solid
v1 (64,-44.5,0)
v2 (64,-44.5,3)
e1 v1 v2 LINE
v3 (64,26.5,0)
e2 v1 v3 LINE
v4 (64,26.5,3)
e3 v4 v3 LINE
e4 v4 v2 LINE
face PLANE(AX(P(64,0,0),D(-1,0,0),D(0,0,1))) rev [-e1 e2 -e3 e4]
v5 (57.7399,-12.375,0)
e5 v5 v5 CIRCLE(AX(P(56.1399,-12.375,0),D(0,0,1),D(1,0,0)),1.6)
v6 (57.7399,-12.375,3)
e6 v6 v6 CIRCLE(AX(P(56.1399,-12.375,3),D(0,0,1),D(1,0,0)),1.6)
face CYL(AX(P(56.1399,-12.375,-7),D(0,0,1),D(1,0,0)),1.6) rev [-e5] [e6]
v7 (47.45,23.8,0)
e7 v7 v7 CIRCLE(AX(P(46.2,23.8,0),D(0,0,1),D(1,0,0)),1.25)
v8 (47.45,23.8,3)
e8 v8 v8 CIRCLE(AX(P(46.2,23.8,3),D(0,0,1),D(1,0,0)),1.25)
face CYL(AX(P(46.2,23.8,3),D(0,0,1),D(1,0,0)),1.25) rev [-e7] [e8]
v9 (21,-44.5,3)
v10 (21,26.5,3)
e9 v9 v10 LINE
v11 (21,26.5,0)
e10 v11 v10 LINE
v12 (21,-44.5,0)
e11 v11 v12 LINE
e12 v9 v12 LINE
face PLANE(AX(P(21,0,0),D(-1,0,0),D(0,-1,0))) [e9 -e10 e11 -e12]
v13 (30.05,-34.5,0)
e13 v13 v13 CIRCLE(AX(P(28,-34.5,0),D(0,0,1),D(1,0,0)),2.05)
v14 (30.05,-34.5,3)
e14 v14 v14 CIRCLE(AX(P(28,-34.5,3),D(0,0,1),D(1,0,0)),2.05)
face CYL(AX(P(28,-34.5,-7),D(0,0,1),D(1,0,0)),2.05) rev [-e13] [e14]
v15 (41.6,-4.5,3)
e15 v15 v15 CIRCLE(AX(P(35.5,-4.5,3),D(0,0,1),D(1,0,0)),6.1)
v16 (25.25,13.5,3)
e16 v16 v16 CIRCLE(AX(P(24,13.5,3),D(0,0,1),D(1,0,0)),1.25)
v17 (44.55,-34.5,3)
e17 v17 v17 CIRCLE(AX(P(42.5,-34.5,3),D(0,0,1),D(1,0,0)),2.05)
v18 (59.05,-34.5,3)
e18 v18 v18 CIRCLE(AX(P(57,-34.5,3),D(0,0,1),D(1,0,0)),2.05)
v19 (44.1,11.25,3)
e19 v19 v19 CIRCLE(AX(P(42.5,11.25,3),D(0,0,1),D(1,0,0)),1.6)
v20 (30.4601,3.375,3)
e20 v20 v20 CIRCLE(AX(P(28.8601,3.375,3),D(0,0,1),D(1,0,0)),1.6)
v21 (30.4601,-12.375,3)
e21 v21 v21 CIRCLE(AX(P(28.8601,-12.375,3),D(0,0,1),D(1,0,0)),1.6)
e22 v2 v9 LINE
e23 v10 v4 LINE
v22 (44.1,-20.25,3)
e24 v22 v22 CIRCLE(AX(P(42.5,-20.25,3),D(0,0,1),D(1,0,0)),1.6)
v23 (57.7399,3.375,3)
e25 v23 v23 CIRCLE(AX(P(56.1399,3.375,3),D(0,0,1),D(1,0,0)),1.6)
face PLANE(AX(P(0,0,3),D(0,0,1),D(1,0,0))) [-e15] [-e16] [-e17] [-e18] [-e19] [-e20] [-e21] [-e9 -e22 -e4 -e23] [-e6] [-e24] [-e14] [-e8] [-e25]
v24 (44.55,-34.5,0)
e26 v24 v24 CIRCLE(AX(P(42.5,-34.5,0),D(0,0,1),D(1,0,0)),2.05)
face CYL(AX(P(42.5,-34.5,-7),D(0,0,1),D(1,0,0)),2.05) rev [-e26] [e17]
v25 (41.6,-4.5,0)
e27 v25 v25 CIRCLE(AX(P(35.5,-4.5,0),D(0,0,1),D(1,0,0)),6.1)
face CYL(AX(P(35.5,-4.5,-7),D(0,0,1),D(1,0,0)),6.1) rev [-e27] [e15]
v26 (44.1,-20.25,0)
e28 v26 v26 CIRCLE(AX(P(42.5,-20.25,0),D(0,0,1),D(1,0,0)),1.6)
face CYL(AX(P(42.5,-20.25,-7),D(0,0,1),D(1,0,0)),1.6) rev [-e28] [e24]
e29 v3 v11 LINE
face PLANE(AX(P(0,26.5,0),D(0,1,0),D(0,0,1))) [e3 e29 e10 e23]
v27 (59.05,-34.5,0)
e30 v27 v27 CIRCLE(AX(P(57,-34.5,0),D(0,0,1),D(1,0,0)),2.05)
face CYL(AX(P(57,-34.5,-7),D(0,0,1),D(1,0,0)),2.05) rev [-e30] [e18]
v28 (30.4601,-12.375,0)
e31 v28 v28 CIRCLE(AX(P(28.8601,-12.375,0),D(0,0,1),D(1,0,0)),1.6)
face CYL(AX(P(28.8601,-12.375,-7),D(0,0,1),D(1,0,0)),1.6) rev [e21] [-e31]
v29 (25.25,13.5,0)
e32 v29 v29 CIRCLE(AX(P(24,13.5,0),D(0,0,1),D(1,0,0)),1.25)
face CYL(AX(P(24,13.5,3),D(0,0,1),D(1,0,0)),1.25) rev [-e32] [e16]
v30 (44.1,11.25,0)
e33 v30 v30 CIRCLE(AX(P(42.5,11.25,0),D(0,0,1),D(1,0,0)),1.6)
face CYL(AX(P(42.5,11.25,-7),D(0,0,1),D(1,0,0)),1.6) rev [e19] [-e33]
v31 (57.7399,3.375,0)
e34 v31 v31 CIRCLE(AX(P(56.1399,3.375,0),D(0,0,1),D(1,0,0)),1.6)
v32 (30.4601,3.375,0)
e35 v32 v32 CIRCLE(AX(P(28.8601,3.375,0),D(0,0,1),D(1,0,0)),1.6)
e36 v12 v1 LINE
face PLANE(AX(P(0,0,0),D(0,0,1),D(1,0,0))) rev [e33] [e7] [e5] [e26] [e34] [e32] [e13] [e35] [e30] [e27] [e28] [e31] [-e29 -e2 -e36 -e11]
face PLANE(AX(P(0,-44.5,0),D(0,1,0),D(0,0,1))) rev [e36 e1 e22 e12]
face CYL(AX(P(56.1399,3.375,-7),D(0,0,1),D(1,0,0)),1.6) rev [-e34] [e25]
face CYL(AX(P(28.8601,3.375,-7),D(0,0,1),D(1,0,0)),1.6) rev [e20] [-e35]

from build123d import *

# Parameters (mm, degrees)
SKETCH_1_W               = 40
SKETCH_1_H               = 29
EXTRUDE_1_DEPTH          = 3
CUT_EXTRUDE_1_DEPTH      = 3
SKETCH_3_W               = 40
SKETCH_3_H               = 3
EXTRUDE_2_DEPTH          = 10
SKETCH_4_W               = 40
SKETCH_4_H               = 3
EXTRUDE_3_DEPTH          = 10
SKETCH_6_W               = 3
SKETCH_6_H               = 49
EXTRUDE_5_DEPTH          = 42
SKETCH_8_W               = 3
SKETCH_8_H               = 49
EXTRUDE_6_DEPTH          = 2
SKETCH_9_W               = 3
SKETCH_9_H               = 49
EXTRUDE_7_DEPTH          = 2
SKETCH_10_W              = 86
SKETCH_10_H              = 3
EXTRUDE_8_DEPTH          = 10
SKETCH_11_W              = 86
SKETCH_11_H              = 3
EXTRUDE_9_DEPTH          = 10
SKETCH_14_W              = 3
SKETCH_14_H              = 69
CUT_EXTRUDE_5_DEPTH      = 43
SKETCH_17_W              = 43
SKETCH_17_H              = 3
EXTRUDE_10_DEPTH         = 20
SKETCH_18_R              = 2.05
CUT_EXTRUDE_6_DEPTH      = 10
SKETCH_20_W              = 43
SKETCH_20_H              = 3
EXTRUDE_11_DEPTH         = 10
SKETCH_21_W              = 43
SKETCH_21_H              = 3
CUT_EXTRUDE_7_DEPTH      = 10
SKETCH_24_W              = 43
SKETCH_24_H              = 3
EXTRUDE_12_DEPTH         = 10
SKETCH_28_R              = 1.6
SKETCH_28_R_2            = 6.1
CUT_EXTRUDE_9_DEPTH      = 10
SKETCH_29_W              = 43
SKETCH_29_H              = 3
CUT_EXTRUDE_10_DEPTH     = 20
SKETCH_30_R              = 2.05
CUT_EXTRUDE_11_DEPTH     = 10
M3X0_5_1_D               = 2.5
M3X0_5_1_DEPTH           = 8.5
M3X0_5_1_TIP             = 0.751075774
M3X0_5_1_ON_FACE_2_D     = 2.5
M3X0_5_1_ON_FACE_2_DEPTH = 8.5
M3X0_5_1_ON_FACE_2_TIP   = 0.751075774
SKETCH_32_W              = 43
SKETCH_32_H              = 3
CUT_EXTRUDE_12_DEPTH     = 8


with BuildPart() as part:
    # ｽｹｯﾁ1 → ﾎﾞｽ - 押し出し1 (new body)
    with BuildSketch(Plane.XY):
        Rectangle(SKETCH_1_W, SKETCH_1_H)
    extrude(amount=EXTRUDE_1_DEPTH)

    # ｽｹｯﾁ2 → ｶｯﾄ - 押し出し1 (cut)
    with BuildSketch(Plane.XY.offset(3)):
        with BuildLine():
            ThreePointArc((-14.4, 10.5), (-15.01507576, 11.98492424), (-16.5, 12.6))
            Line((-16.5, 12.6), (-16.5, 10.5))
            Line((-16.5, 10.5), (-18.6, 10.5))
            ThreePointArc((-18.6, 10.5), (-16.5, 8.4), (-14.4, 10.5))
        make_face()
        with BuildLine():
            Line((-16.5, 10.5), (-16.5, 12.6))
            ThreePointArc((-16.5, 12.6), (-17.98492424, 11.98492424), (-18.6, 10.5))
            Line((-18.6, 10.5), (-16.5, 10.5))
        make_face()
        with BuildLine():
            ThreePointArc((-18.6, -10.5), (-17.98492424, -11.98492424), (-16.5, -12.6))
            Line((-16.5, -12.6), (-16.5, -10.5))
            Line((-16.5, -10.5), (-18.6, -10.5))
        make_face()
        with BuildLine():
            Line((-16.5, -10.5), (-16.5, -12.6))
            ThreePointArc((-16.5, -12.6), (-15.01507576, -11.98492424), (-14.4, -10.5))
            ThreePointArc((-14.4, -10.5), (-16.5, -8.4), (-18.6, -10.5))
            Line((-18.6, -10.5), (-16.5, -10.5))
        make_face()
        with BuildLine():
            ThreePointArc((18.6, -10.5), (15.01507576, -9.01507576), (16.5, -12.6))
            Line((16.5, -12.6), (16.5, -10.5))
            Line((16.5, -10.5), (18.6, -10.5))
        make_face()
        with BuildLine():
            Line((16.5, -10.5), (16.5, -12.6))
            ThreePointArc((16.5, -12.6), (17.98492424, -11.98492424), (18.6, -10.5))
            Line((18.6, -10.5), (16.5, -10.5))
        make_face()
        with BuildLine():
            ThreePointArc((18.6, 10.5), (17.98492424, 11.98492424), (16.5, 12.6))
            Line((16.5, 12.6), (16.5, 10.5))
            Line((16.5, 10.5), (18.6, 10.5))
        make_face()
        with BuildLine():
            Line((16.5, 10.5), (16.5, 12.6))
            ThreePointArc((16.5, 12.6), (15.01507576, 9.01507576), (18.6, 10.5))
            Line((18.6, 10.5), (16.5, 10.5))
        make_face()
    extrude(amount=-CUT_EXTRUDE_1_DEPTH, mode=Mode.SUBTRACT)

    # ｽｹｯﾁ3 → ﾎﾞｽ - 押し出し2 (add)
    with BuildSketch(Plane.XZ.offset(14.5)):
        with Locations((0, 1.5)):
            Rectangle(SKETCH_3_W, SKETCH_3_H)
    extrude(amount=EXTRUDE_2_DEPTH)

    # ｽｹｯﾁ4 → ﾎﾞｽ - 押し出し3 (add)
    with BuildSketch(Plane(origin=(0, 14.5, 0), x_dir=(1, 0, 0), z_dir=(0, 1, 0))):
        with Locations((0, -1.5)):
            Rectangle(SKETCH_4_W, SKETCH_4_H)
    extrude(amount=EXTRUDE_3_DEPTH)

    # ｽｹｯﾁ6 → ﾎﾞｽ - 押し出し5 (add)
    with BuildSketch(Plane(origin=(20, 0, 0), x_dir=(0, 0, -1), z_dir=(1, 0, 0))):
        with Locations((-1.5, 0)):
            Rectangle(SKETCH_6_W, SKETCH_6_H)
    extrude(amount=EXTRUDE_5_DEPTH)

    # ｽｹｯﾁ8 → ﾎﾞｽ - 押し出し6 (add)
    with BuildSketch(Plane.ZY.offset(20)):
        with Locations((1.5, 0)):
            Rectangle(SKETCH_8_W, SKETCH_8_H)
    extrude(amount=EXTRUDE_6_DEPTH)

    # ｽｹｯﾁ9 → ﾎﾞｽ - 押し出し7 (add)
    with BuildSketch(Plane(origin=(62, 0, 0), x_dir=(0, 0, -1), z_dir=(1, 0, 0))):
        with Locations((-1.5, 0)):
            Rectangle(SKETCH_9_W, SKETCH_9_H)
    extrude(amount=EXTRUDE_7_DEPTH)

    # ｽｹｯﾁ10 → ﾎﾞｽ - 押し出し8 (add)
    with BuildSketch(Plane.XZ.offset(24.5)):
        with Locations((21, 1.5)):
            Rectangle(SKETCH_10_W, SKETCH_10_H)
    extrude(amount=EXTRUDE_8_DEPTH)

    # ｽｹｯﾁ11 → ﾎﾞｽ - 押し出し9 (add)
    with BuildSketch(Plane(origin=(0, 24.5, 0), x_dir=(1, 0, 0), z_dir=(0, 1, 0))):
        with Locations((21, -1.5)):
            Rectangle(SKETCH_11_W, SKETCH_11_H)
    extrude(amount=EXTRUDE_9_DEPTH)

    # ｽｹｯﾁ14 → ｶｯﾄ - 押し出し5 (cut)
    with BuildSketch(Plane.ZY.offset(22)):
        with Locations((1.5, 0)):
            Rectangle(SKETCH_14_W, SKETCH_14_H)
    extrude(amount=-CUT_EXTRUDE_5_DEPTH, mode=Mode.SUBTRACT)

    # ｽｹｯﾁ17 → ﾎﾞｽ - 押し出し10 (add)
    with BuildSketch(Plane.XZ.offset(34.5)):
        with Locations((42.5, 1.5)):
            Rectangle(SKETCH_17_W, SKETCH_17_H)
    extrude(amount=EXTRUDE_10_DEPTH)

    # ｽｹｯﾁ18 → ｶｯﾄ - 押し出し6 (cut)
    with BuildSketch(Plane.XY.offset(3)):
        with Locations((28, -34.5)):
            Circle(SKETCH_18_R)
        with Locations((57, -34.5)):
            Circle(SKETCH_18_R)
    extrude(amount=-CUT_EXTRUDE_6_DEPTH, mode=Mode.SUBTRACT)

    # ｽｹｯﾁ20 → ﾎﾞｽ - 押し出し11 (add)
    with BuildSketch(Plane.XZ.offset(54.5)):
        with Locations((42.5, 1.5)):
            Rectangle(SKETCH_20_W, SKETCH_20_H)
    extrude(amount=EXTRUDE_11_DEPTH)

    # ｽｹｯﾁ21 → ｶｯﾄ - 押し出し7 (cut)
    with BuildSketch(Plane(origin=(0, 34.5, 0), x_dir=(1, 0, 0), z_dir=(0, 1, 0))):
        with Locations((42.5, -1.5)):
            Rectangle(SKETCH_21_W, SKETCH_21_H)
    extrude(amount=-CUT_EXTRUDE_7_DEPTH, mode=Mode.SUBTRACT)

    # ｽｹｯﾁ24 → ﾎﾞｽ - 押し出し12 (add)
    with BuildSketch(Plane(origin=(0, 24.5, 0), x_dir=(1, 0, 0), z_dir=(0, 1, 0))):
        with Locations((42.5, -1.5)):
            Rectangle(SKETCH_24_W, SKETCH_24_H)
    extrude(amount=EXTRUDE_12_DEPTH)

    # ｽｹｯﾁ28 → ｶｯﾄ - 押し出し9 (cut)
    with BuildSketch(Plane.XY.offset(3)):
        with Locations((42.5, 11.25)):
            Circle(SKETCH_28_R)
        with Locations((28.86009989, 3.375)):
            Circle(SKETCH_28_R)
        with Locations((56.13990011, 3.375)):
            Circle(SKETCH_28_R)
        with Locations((35.5, -4.5)):
            Circle(SKETCH_28_R_2)
        with Locations((56.13990011, -12.375)):
            Circle(SKETCH_28_R)
        with Locations((42.5, -20.25)):
            Circle(SKETCH_28_R)
        with Locations((28.86009989, -12.375)):
            Circle(SKETCH_28_R)
    extrude(amount=-CUT_EXTRUDE_9_DEPTH, mode=Mode.SUBTRACT)

    # ｽｹｯﾁ29 → ｶｯﾄ - 押し出し10 (cut)
    with BuildSketch(Plane(origin=(0, -64.5, 0), x_dir=(-1, 0, 0), z_dir=(0, -1, 0))):
        with Locations((-42.5, -1.5)):
            Rectangle(SKETCH_29_W, SKETCH_29_H)
    extrude(amount=-CUT_EXTRUDE_10_DEPTH, mode=Mode.SUBTRACT)

    # ｽｹｯﾁ30 → ｶｯﾄ - 押し出し11 (cut)
    with BuildSketch(Plane.XY.offset(3)):
        with Locations((42.5, -34.5)):
            Circle(SKETCH_30_R)
    extrude(amount=-CUT_EXTRUDE_11_DEPTH, mode=Mode.SUBTRACT)

    # M3x0.5 ねじ穴1
    with Locations(Plane(origin=(24, 13.5, 3), x_dir=(1, 0, 0), z_dir=(0, 0, 1))):
        with Locations((0, 0), (22.2, 10.3)):
            Hole(M3X0_5_1_D / 2, depth=M3X0_5_1_DEPTH)
            with Locations((0, 0, -(M3X0_5_1_DEPTH + M3X0_5_1_TIP / 2))):  # 118° drill point
                Cone(0, M3X0_5_1_D / 2, M3X0_5_1_TIP, mode=Mode.SUBTRACT)

    # M3x0.5 ねじ穴1 on face 2
    with Locations(Plane(origin=(29.171215171, -61.022508803, 0), x_dir=(1, 0, 0), z_dir=(0, 0, 1))):
        with Locations((0, 0)):
            Hole(M3X0_5_1_ON_FACE_2_D / 2, depth=M3X0_5_1_ON_FACE_2_DEPTH)
            with Locations((0, 0, -(M3X0_5_1_ON_FACE_2_DEPTH + M3X0_5_1_ON_FACE_2_TIP / 2))):  # 118° drill point
                Cone(0, M3X0_5_1_ON_FACE_2_D / 2, M3X0_5_1_ON_FACE_2_TIP, mode=Mode.SUBTRACT)

    # ｽｹｯﾁ32 → ｶｯﾄ - 押し出し12 (cut)
    with BuildSketch(Plane(origin=(0, 34.5, 0), x_dir=(1, 0, 0), z_dir=(0, 1, 0))):
        with Locations((42.5, -1.5)):
            Rectangle(SKETCH_32_W, SKETCH_32_H)
    extrude(amount=-CUT_EXTRUDE_12_DEPTH, mode=Mode.SUBTRACT)


solid = part.part
